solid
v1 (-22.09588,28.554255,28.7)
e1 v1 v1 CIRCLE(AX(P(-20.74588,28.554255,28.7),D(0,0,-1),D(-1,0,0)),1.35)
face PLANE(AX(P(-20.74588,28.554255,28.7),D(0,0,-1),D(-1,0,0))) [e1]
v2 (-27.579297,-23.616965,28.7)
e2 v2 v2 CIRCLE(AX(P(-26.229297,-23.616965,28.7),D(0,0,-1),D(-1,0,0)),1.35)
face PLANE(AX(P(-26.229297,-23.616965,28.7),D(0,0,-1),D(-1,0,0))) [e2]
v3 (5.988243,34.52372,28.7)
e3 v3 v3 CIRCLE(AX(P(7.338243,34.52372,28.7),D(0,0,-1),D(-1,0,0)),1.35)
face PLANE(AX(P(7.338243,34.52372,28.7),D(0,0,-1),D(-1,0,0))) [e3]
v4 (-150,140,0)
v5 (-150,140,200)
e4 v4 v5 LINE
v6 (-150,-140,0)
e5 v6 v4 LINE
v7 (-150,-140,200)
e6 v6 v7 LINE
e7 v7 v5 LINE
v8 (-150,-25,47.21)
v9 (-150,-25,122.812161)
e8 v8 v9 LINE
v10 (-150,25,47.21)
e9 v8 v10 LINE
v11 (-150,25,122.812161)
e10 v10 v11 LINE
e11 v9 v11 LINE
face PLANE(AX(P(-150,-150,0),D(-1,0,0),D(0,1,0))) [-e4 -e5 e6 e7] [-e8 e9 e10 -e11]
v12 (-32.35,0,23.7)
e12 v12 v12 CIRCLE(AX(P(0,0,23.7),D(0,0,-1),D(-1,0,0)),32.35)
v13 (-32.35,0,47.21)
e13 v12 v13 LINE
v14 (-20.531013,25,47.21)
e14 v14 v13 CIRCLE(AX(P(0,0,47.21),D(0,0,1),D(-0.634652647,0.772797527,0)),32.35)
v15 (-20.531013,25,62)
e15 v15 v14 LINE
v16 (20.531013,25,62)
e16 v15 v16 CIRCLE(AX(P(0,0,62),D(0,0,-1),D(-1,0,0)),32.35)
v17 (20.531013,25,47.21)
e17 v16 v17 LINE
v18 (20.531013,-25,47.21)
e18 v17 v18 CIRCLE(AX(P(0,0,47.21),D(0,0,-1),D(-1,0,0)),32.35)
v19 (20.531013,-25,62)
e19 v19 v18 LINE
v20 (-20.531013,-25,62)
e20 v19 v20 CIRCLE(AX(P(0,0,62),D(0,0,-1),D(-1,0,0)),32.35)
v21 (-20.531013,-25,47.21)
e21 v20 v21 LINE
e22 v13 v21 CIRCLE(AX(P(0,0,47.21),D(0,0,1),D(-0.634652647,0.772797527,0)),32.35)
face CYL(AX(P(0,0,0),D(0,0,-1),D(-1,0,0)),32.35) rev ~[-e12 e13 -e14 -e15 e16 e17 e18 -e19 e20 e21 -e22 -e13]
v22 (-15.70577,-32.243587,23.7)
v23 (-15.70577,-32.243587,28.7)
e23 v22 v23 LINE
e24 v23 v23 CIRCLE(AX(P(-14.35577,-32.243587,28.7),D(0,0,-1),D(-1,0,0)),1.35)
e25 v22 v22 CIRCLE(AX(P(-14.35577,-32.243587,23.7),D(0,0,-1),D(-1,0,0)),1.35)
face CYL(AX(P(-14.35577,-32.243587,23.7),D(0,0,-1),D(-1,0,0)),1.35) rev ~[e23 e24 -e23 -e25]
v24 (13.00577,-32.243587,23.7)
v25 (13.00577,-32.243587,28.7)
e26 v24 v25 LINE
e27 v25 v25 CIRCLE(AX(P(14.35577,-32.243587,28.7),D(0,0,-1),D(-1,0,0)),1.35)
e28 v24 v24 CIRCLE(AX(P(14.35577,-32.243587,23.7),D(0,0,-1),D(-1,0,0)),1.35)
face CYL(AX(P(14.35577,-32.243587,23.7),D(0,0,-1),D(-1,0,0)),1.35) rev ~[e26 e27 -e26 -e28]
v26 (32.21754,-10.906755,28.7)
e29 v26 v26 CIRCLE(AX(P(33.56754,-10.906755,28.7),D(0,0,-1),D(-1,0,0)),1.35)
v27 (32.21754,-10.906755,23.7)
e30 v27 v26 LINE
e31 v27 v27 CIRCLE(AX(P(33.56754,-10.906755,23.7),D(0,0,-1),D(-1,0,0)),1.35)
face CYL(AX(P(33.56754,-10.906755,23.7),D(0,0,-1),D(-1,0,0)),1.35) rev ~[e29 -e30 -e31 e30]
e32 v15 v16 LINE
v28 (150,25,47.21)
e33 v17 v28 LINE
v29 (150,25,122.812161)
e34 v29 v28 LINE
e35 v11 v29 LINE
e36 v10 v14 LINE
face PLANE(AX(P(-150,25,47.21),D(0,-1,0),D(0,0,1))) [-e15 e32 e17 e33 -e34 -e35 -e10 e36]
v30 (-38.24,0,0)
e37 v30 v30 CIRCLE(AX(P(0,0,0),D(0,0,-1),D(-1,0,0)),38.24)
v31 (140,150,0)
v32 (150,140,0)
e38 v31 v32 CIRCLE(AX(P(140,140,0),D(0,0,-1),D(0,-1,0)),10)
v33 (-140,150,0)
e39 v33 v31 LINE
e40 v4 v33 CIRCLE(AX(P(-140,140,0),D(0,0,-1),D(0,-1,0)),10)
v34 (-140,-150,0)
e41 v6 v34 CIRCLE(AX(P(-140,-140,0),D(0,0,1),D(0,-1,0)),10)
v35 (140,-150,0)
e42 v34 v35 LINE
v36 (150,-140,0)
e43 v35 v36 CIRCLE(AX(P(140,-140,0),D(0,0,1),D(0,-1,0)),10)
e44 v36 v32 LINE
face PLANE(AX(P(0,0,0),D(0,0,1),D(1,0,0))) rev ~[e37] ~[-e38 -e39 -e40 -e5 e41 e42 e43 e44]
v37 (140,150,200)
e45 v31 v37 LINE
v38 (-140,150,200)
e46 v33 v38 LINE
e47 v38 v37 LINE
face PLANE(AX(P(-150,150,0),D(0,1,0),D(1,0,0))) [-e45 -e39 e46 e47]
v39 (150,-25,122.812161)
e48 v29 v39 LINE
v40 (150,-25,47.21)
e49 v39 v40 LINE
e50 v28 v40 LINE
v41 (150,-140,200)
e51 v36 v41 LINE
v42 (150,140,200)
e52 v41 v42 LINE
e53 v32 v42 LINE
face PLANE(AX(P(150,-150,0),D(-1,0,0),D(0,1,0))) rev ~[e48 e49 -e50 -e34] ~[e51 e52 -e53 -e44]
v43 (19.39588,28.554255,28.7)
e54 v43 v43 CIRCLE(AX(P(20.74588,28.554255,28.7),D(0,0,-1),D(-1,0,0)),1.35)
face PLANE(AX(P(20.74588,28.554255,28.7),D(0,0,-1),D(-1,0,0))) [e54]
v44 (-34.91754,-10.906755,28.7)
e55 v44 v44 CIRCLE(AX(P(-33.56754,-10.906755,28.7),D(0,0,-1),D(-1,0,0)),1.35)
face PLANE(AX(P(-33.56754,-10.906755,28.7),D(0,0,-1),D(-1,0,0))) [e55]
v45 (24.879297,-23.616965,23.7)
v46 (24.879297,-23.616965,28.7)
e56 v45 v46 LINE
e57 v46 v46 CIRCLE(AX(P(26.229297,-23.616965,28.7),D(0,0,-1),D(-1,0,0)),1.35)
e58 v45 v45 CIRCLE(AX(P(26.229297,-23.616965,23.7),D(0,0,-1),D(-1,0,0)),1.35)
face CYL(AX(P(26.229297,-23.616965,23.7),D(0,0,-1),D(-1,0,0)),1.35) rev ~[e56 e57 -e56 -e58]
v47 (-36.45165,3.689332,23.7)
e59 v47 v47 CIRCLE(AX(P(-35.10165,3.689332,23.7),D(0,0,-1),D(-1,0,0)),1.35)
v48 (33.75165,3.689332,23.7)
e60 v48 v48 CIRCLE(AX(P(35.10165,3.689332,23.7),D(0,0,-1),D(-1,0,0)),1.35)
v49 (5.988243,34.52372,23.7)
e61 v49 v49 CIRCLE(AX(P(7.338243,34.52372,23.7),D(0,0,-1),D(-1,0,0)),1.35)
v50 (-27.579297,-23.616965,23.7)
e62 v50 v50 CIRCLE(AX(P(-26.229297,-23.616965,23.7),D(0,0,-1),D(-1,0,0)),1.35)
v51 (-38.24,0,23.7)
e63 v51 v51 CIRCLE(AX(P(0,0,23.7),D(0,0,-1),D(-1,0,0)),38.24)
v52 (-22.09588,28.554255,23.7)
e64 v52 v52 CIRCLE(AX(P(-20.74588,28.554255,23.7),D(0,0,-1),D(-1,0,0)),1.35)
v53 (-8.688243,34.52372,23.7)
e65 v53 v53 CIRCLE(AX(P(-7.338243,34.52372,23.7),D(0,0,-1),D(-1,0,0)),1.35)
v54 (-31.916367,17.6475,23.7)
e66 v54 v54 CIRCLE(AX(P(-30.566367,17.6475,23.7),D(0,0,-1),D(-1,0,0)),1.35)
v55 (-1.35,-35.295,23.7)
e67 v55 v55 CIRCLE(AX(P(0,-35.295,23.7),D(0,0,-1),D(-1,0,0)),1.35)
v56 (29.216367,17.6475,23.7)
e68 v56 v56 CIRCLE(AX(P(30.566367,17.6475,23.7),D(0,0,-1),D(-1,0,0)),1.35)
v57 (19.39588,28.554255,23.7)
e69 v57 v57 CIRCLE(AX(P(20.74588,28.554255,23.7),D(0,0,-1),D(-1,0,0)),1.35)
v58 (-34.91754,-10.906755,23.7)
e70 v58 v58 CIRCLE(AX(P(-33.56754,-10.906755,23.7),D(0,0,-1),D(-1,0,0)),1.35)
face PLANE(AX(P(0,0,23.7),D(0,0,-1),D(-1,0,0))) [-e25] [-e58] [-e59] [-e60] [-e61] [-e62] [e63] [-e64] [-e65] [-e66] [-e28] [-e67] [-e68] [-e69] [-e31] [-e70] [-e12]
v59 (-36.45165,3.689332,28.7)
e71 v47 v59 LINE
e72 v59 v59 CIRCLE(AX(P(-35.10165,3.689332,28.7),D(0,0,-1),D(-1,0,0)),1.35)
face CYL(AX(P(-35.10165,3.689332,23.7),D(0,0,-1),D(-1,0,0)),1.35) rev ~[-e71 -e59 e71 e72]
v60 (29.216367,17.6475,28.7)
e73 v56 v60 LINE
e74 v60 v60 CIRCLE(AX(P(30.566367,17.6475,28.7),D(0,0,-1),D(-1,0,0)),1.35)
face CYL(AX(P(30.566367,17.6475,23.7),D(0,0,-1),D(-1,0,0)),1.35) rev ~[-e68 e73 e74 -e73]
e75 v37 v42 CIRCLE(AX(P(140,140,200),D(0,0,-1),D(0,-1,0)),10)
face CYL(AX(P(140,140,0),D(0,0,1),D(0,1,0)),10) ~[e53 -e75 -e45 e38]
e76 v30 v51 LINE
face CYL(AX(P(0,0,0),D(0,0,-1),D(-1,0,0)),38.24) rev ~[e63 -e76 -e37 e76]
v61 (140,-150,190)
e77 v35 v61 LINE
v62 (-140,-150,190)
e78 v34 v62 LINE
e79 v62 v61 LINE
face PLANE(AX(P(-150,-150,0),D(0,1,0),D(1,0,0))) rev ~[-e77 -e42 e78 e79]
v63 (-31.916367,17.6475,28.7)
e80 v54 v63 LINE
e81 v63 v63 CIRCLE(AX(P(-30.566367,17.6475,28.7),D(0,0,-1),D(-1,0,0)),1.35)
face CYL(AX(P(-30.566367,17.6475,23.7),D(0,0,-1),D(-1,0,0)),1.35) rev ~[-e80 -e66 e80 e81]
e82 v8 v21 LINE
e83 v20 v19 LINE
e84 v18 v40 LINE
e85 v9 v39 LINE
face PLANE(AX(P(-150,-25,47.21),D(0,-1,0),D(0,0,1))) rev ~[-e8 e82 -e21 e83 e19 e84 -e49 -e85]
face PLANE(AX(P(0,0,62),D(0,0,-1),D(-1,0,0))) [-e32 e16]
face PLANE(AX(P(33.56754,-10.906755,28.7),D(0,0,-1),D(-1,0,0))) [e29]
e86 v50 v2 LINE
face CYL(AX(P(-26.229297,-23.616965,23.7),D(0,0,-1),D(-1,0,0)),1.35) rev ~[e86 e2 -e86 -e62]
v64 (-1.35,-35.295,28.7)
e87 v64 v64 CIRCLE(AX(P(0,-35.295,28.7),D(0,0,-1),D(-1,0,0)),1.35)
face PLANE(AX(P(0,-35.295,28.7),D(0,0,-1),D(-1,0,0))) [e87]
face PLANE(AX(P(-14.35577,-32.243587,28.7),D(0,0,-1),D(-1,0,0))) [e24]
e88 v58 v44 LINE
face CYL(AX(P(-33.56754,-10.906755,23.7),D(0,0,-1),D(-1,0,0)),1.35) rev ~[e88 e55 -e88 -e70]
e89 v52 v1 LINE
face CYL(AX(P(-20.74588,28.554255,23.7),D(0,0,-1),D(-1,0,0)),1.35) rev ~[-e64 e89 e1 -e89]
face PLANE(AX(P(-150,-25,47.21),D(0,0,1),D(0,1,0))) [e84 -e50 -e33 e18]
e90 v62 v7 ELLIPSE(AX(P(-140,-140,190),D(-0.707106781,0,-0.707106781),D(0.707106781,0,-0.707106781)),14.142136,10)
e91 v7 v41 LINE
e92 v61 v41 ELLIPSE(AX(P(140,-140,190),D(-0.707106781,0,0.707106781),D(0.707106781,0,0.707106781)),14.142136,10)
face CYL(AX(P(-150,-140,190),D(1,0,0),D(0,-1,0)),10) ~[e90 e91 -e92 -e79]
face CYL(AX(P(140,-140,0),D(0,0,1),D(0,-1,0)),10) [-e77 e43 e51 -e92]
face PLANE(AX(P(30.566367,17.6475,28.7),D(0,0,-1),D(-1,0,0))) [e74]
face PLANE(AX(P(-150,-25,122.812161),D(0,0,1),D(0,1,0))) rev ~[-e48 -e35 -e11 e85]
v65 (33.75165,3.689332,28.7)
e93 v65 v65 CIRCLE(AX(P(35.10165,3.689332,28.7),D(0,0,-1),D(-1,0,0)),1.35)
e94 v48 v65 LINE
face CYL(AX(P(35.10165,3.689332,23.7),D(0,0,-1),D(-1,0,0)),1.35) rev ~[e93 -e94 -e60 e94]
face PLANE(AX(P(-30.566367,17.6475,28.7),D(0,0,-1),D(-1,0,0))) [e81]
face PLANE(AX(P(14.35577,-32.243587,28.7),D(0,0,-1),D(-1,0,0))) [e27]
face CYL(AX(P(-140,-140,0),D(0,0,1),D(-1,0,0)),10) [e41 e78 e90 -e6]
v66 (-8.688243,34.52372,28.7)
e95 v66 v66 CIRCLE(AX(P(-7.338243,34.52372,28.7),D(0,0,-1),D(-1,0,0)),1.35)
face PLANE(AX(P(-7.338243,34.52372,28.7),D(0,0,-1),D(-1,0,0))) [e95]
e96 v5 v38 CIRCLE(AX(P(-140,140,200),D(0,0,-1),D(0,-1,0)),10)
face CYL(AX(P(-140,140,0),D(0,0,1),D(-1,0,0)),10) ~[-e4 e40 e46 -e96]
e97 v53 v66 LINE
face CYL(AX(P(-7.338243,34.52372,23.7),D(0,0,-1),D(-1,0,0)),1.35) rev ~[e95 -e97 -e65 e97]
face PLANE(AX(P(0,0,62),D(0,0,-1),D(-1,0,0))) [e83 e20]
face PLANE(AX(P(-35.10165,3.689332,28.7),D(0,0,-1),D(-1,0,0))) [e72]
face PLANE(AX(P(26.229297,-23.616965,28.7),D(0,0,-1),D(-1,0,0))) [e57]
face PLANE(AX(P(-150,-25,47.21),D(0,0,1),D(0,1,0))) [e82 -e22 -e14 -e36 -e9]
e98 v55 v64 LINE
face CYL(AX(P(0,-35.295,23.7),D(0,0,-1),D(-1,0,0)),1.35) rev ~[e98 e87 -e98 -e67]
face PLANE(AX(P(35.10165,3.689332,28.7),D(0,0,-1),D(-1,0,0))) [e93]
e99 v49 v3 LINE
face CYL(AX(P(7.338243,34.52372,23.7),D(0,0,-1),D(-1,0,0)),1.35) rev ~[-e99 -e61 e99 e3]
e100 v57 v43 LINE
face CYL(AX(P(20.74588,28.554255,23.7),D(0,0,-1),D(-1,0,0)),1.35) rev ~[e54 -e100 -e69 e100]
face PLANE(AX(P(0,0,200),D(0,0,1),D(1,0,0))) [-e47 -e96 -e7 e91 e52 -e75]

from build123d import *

# Parameters (mm, degrees)
SKETCH_1_W          = 300
SKETCH_1_H          = 300
EXTRUDE_3_DEPTH     = 200
SKETCH_5_R          = 32.35
CUT_EXTRUDE_3_DEPTH = 62
SKETCH_6_R          = 38.24
CUT_EXTRUDE_4_DEPTH = 23.7
CUT_EXTRUDE_5_REACH = 392.512
SKETCH_8_W          = 75.602160899
SKETCH_8_H          = 50
SKETCH_10_R         = 1.35
CUT_EXTRUDE_7_DEPTH = 5
FILLET_1_R          = 10


with BuildPart() as part:
    # 草图1 → 凸台-拉伸3 (new body)
    with BuildSketch(Plane.XY):
        Rectangle(SKETCH_1_W, SKETCH_1_H)
    extrude(amount=EXTRUDE_3_DEPTH)

    # 草图5 → 切除-拉伸3 (cut)
    with BuildSketch(Plane(origin=(0, 0, 0), x_dir=(-1, 0, 0), z_dir=(0, 0, -1))):
        Circle(SKETCH_5_R)
    extrude(amount=-CUT_EXTRUDE_3_DEPTH, mode=Mode.SUBTRACT)

    # 草图6 → 切除-拉伸4 (cut)
    with BuildSketch(Plane(origin=(0, 0, 0), x_dir=(-1, 0, 0), z_dir=(0, 0, -1))):
        Circle(SKETCH_6_R)
    extrude(amount=-CUT_EXTRUDE_4_DEPTH, mode=Mode.SUBTRACT)

    # 草图8 → 切除-拉伸5 (cut, up to next)
    with BuildSketch(Plane.ZY.offset(150), mode=Mode.PRIVATE) as cut_extrude_5_sk1:
        with Locations((85.011080449, 0)):
            Rectangle(SKETCH_8_W, SKETCH_8_H)
    cut_extrude_5_tool1 = extrude(cut_extrude_5_sk1.sketch, amount=-CUT_EXTRUDE_5_REACH, mode=Mode.PRIVATE) & part.part
    add(cut_extrude_5_tool1.solids().sort_by_distance((-150, 0, 85.01108))[0], mode=Mode.SUBTRACT)

    # 草图10 → 切除-拉伸7 (cut)
    with BuildSketch(Plane(origin=(0, 0, 23.7), x_dir=(-1, 0, 0), z_dir=(0, 0, -1))):
        with Locations((0, -35.295)):
            Circle(SKETCH_10_R)
        with Locations((-14.355769817, -32.243586927)):
            Circle(SKETCH_10_R)
        with Locations((-26.229296615, -23.616964751)):
            Circle(SKETCH_10_R)
        with Locations((-33.567539743, -10.906754816)):
            Circle(SKETCH_10_R)
        with Locations((-35.101650297, 3.689332111)):
            Circle(SKETCH_10_R)
        with Locations((-30.566366627, 17.6475)):
            Circle(SKETCH_10_R)
        with Locations((-20.74588048, 28.554254816)):
            Circle(SKETCH_10_R)
        with Locations((-7.338243127, 34.523719568)):
            Circle(SKETCH_10_R)
        with Locations((7.338243127, 34.523719568)):
            Circle(SKETCH_10_R)
        with Locations((20.74588048, 28.554254816)):
            Circle(SKETCH_10_R)
        with Locations((30.566366627, 17.6475)):
            Circle(SKETCH_10_R)
        with Locations((35.101650297, 3.689332111)):
            Circle(SKETCH_10_R)
        with Locations((33.567539743, -10.906754816)):
            Circle(SKETCH_10_R)
        with Locations((26.229296615, -23.616964751)):
            Circle(SKETCH_10_R)
        with Locations((14.355769817, -32.243586927)):
            Circle(SKETCH_10_R)
    extrude(amount=-CUT_EXTRUDE_7_DEPTH, mode=Mode.SUBTRACT)

    # 圆角1
    fillet_1_edges = [part.edges().sort_by_distance(p)[0] for p in [
        (0, -150, 200),
        (150, -150, 100),
        (-150, -150, 100),
        (-150, 150, 100),
        (150, 150, 100),
    ]]
    fillet(fillet_1_edges, radius=FILLET_1_R)


solid = part.part
